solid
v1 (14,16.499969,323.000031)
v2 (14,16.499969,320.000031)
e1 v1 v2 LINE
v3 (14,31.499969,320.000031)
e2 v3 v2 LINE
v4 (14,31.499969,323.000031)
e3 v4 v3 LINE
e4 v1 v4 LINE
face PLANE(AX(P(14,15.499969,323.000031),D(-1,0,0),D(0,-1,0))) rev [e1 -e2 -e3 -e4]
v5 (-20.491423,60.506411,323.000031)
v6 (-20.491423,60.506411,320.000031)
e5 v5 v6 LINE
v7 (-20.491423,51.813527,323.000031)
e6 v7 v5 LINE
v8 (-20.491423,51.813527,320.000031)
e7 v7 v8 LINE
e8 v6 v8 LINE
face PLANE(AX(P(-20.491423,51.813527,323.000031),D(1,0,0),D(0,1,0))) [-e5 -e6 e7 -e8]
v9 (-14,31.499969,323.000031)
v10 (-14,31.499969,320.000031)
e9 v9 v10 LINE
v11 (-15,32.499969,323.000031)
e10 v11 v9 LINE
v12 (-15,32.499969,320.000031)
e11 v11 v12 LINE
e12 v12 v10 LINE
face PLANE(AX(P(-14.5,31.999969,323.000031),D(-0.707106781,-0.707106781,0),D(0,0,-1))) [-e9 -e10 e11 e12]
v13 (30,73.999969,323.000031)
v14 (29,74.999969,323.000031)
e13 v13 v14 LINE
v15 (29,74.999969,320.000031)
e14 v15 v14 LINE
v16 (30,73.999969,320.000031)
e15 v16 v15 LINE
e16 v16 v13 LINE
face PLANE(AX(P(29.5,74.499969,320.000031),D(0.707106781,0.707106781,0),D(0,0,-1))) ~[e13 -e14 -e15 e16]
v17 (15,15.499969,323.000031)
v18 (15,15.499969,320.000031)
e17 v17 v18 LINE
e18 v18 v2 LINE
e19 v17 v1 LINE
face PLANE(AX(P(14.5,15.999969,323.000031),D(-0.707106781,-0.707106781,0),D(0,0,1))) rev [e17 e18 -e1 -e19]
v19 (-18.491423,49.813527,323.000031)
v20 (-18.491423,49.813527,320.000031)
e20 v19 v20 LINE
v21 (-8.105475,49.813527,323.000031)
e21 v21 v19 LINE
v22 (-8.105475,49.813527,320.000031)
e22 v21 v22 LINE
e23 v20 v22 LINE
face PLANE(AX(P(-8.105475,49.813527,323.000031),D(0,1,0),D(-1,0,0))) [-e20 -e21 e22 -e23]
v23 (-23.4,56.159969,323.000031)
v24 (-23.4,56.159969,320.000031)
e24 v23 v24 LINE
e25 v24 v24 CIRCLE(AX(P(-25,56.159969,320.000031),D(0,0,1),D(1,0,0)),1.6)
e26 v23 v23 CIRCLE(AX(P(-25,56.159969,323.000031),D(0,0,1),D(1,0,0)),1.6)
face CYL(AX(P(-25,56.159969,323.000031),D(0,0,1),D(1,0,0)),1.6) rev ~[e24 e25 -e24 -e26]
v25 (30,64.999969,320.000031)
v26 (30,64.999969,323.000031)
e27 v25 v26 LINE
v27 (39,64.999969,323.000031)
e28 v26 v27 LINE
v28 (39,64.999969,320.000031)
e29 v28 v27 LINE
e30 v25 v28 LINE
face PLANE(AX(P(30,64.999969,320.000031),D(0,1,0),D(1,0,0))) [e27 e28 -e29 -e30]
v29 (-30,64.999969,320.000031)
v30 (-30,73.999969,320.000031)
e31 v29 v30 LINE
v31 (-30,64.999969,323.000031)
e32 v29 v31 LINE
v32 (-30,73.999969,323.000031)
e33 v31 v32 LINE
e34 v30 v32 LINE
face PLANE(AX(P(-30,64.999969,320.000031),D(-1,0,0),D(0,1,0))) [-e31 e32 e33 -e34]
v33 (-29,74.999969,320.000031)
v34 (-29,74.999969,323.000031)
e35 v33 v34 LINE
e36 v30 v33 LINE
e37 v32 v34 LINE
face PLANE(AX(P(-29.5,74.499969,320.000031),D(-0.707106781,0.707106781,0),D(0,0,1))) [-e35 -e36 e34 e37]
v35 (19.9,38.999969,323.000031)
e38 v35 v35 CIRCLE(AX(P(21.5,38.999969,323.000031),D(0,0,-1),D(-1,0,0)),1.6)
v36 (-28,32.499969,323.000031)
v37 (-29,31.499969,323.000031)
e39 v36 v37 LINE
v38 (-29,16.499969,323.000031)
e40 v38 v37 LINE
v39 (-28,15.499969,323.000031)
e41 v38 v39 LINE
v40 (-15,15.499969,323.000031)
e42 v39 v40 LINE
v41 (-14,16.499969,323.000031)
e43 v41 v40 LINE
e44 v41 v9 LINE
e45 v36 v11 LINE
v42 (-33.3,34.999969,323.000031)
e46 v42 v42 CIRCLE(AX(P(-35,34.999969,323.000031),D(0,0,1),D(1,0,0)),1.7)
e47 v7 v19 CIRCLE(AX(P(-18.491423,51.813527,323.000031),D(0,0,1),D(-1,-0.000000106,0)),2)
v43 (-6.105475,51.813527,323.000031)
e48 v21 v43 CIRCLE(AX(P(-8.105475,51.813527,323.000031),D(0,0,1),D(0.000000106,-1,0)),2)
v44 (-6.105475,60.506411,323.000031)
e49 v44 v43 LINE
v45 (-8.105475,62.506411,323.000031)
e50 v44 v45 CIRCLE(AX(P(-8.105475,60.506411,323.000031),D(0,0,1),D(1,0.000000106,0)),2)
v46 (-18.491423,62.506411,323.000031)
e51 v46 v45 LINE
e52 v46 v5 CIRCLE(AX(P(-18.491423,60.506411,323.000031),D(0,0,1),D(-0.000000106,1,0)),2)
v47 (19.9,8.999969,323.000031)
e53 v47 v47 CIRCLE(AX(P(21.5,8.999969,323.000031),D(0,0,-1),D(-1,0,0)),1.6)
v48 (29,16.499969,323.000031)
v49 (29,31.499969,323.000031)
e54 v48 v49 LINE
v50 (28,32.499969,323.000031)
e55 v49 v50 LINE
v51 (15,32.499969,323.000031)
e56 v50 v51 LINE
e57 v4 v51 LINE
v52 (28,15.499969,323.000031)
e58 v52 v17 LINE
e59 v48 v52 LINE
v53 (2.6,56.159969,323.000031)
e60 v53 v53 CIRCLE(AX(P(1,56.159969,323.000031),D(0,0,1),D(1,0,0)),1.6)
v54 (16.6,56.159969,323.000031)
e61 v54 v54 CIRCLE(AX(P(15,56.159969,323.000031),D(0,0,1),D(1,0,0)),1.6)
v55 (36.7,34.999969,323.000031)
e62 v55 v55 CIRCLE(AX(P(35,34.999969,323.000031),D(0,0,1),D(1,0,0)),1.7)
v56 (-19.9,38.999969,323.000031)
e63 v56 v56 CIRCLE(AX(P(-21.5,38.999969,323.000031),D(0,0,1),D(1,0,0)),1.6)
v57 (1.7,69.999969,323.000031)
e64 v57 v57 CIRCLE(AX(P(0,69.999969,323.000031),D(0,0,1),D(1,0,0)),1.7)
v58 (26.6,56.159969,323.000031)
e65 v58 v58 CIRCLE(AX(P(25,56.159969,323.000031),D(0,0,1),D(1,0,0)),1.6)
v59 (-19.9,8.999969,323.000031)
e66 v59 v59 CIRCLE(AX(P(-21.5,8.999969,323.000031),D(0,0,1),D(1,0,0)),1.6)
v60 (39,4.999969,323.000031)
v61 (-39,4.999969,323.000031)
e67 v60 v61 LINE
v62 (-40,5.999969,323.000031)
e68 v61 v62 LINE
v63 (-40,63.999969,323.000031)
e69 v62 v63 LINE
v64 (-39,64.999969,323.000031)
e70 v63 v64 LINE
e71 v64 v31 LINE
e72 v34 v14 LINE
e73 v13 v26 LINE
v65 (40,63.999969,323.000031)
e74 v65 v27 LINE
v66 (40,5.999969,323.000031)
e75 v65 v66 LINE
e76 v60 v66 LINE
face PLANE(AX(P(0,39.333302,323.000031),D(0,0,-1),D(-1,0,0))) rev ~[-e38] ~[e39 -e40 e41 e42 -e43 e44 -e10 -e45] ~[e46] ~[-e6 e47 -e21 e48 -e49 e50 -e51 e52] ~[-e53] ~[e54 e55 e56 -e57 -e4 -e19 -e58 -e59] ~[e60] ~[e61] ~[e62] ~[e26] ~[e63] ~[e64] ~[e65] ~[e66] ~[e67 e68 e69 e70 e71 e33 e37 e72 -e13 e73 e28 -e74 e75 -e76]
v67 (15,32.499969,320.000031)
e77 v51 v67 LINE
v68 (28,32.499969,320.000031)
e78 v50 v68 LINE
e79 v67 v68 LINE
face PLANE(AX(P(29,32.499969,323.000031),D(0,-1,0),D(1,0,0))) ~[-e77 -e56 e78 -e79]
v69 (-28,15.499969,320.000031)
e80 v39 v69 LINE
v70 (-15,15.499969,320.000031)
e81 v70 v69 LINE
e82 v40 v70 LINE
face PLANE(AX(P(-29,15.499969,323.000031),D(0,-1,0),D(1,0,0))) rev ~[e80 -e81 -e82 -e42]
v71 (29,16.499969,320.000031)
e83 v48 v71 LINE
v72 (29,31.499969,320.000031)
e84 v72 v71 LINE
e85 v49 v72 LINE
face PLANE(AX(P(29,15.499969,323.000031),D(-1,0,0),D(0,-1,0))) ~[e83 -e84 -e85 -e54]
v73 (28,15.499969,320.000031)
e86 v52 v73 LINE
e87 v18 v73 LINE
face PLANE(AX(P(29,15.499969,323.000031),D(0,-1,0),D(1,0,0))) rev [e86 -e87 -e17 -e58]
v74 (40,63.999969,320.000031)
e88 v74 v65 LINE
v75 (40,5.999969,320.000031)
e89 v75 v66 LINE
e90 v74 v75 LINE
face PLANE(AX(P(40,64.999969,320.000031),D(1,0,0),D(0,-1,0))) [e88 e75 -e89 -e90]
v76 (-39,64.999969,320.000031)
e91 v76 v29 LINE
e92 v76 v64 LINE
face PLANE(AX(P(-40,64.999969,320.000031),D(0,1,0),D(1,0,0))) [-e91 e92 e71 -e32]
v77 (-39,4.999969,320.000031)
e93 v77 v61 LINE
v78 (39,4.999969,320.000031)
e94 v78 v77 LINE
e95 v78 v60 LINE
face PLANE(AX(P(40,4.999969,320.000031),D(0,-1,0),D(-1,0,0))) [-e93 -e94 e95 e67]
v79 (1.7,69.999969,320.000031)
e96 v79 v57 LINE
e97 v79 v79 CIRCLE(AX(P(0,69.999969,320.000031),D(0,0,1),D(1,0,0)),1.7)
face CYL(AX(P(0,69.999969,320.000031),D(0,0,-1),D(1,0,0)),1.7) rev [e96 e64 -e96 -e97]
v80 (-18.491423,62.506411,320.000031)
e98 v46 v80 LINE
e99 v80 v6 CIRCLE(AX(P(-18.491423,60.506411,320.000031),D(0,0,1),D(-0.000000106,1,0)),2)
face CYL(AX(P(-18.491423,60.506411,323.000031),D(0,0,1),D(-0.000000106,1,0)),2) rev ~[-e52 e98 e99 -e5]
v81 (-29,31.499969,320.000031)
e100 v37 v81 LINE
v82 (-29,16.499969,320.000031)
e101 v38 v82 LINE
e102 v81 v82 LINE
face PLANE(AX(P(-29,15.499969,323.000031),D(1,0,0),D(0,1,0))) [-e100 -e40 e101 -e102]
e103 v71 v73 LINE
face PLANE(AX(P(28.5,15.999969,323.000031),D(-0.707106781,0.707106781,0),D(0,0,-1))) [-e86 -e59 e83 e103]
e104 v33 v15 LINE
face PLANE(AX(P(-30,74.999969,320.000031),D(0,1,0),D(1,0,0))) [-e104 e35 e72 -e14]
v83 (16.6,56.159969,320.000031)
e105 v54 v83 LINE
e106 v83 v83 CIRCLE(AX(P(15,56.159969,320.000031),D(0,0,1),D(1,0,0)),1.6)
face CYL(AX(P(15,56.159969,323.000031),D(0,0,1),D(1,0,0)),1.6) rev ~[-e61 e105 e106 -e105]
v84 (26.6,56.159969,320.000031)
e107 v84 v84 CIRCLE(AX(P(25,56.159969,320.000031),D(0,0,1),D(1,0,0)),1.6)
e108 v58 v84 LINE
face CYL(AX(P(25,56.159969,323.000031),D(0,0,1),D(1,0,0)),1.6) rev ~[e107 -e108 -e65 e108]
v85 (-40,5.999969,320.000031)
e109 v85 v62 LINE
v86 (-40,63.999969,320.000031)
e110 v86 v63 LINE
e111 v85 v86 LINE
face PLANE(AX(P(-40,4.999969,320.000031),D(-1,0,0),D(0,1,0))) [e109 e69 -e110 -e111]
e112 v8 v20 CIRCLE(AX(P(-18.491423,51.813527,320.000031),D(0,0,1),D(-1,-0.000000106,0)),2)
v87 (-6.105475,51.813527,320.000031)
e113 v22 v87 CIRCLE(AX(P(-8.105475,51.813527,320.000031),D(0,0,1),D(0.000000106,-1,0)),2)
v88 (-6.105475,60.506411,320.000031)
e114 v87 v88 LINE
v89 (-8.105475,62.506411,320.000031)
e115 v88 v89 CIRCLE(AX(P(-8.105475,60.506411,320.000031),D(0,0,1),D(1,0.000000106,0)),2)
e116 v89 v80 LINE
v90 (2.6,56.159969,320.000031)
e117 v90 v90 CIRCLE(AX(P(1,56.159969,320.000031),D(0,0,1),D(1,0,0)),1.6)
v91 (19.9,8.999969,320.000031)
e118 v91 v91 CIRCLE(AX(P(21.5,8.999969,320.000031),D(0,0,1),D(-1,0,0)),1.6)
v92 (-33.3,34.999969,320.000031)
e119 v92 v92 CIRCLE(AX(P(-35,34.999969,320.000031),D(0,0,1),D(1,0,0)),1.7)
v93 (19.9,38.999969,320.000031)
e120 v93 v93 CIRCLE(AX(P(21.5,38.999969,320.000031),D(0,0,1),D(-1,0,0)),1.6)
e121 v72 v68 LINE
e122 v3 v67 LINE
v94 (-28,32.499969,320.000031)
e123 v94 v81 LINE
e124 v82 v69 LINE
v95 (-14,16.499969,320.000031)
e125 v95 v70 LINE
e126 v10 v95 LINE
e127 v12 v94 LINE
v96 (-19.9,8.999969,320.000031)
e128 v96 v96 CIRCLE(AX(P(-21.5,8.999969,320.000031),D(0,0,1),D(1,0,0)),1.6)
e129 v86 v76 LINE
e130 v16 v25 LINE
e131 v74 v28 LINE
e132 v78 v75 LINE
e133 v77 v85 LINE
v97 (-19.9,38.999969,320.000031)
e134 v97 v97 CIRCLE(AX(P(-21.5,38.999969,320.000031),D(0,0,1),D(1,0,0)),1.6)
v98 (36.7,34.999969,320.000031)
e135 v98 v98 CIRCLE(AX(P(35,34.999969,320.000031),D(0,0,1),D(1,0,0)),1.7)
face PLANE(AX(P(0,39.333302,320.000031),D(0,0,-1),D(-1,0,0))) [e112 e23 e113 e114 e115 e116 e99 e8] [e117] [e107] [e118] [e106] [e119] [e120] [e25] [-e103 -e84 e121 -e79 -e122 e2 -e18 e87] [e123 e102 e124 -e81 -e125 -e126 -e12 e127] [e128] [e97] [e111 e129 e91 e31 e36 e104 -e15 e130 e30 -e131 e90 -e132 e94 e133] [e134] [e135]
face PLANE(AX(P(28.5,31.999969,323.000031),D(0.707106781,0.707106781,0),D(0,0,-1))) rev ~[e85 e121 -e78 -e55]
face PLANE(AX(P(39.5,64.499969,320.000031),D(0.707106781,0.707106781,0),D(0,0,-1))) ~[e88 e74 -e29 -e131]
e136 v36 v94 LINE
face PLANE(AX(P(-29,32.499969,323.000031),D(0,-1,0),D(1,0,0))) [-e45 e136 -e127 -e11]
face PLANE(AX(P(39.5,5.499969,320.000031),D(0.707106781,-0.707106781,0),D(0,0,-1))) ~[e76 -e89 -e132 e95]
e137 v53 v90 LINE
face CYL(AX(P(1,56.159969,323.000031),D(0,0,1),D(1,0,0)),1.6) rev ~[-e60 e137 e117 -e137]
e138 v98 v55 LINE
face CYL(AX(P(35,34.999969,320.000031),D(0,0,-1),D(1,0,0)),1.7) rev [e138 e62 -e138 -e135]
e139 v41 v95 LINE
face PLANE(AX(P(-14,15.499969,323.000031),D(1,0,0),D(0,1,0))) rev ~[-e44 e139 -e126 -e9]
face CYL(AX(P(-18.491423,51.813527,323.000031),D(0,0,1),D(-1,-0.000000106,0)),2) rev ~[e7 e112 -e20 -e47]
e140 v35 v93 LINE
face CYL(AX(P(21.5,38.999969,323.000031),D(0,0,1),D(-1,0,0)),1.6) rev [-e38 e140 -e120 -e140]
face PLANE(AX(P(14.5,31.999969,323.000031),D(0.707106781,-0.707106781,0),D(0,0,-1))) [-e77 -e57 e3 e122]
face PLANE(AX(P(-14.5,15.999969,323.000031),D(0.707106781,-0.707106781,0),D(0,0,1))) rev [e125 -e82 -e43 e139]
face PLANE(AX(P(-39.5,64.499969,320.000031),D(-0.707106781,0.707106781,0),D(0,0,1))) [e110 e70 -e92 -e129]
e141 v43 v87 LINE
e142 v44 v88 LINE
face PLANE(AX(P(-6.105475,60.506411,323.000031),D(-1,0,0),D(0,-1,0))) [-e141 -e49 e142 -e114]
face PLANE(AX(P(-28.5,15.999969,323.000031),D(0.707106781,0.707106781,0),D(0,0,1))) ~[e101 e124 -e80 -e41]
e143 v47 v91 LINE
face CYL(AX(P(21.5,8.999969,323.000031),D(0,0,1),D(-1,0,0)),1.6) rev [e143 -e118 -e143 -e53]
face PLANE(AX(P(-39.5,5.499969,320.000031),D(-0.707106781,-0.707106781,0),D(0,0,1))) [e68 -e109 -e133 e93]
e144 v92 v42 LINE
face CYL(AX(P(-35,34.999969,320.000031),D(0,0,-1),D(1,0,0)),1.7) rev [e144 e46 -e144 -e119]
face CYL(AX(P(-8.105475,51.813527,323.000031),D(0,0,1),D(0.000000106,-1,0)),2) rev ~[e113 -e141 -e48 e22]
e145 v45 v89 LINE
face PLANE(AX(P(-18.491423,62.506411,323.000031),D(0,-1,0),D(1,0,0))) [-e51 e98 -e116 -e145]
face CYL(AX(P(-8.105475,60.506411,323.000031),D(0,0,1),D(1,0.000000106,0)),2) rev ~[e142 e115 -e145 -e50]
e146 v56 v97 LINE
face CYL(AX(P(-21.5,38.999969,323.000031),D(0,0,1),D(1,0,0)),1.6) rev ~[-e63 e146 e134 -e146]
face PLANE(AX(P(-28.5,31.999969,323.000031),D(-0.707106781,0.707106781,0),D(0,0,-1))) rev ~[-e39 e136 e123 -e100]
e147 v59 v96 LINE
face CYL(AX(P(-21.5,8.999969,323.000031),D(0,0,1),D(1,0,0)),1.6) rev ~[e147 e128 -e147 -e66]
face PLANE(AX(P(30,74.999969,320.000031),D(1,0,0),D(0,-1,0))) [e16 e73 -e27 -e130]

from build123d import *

# Parameters (mm, degrees)
SKETCH152_R     = 1.7
PAD084_DEPTH    = 3
CHAMFER055_SIZE = 1
SKETCH154_R     = 1.6
SKETCH154_W     = 15
SKETCH154_H     = 17
POCKET_DEPTH    = 215.688564
CHAMFER057_SIZE = 1
SKETCH178_R     = 1.6
POCKET024_DEPTH = 3.001


with BuildPart() as part:
    # Sketch152 → Pad084 (new body)
    with BuildSketch(Plane.XY):
        Polygon((40, -30), (-40, -30), (-40, 30), (-30, 30), (-30, 40), (30, 40), (30, 30), (40, 30), align=None)
        with Locations((0, 35)):
            Circle(SKETCH152_R, mode=Mode.SUBTRACT)
        with Locations((-35, 0)):
            Circle(SKETCH152_R, mode=Mode.SUBTRACT)
        with Locations((35, 0)):
            Circle(SKETCH152_R, mode=Mode.SUBTRACT)
    extrude(amount=PAD084_DEPTH)

    # Chamfer055
    chamfer055_edges = [part.edges().sort_by_distance(p)[0] for p in [
        (40, 30, 1.5),
        (30, 40, 1.5),
        (-30, 40, 1.5),
        (-40, 30, 1.5),
        (-40, -30, 1.5),
        (40, -30, 1.5),
    ]]
    chamfer(chamfer055_edges, length=CHAMFER055_SIZE)


with BuildPart() as part_1:
    # Body072 placement: moved
    add(part.part.moved(Location((0, 34.999969, 320.000031))))

    # Sketch154 (on Face5 of Clone) → Pocket (cut, through all)
    with BuildSketch(Plane(origin=(0, 34.999969, 323.000031), x_dir=(1, 0, 0), z_dir=(0, 0, 1))):
        with Locations((-21.5, -26)):
            Circle(SKETCH154_R)
        with Locations((-21.5, 4)):
            Circle(SKETCH154_R)
        with Locations((-21.5, -11)):
            Rectangle(SKETCH154_W, SKETCH154_H)
    pocket = extrude(amount=-POCKET_DEPTH, mode=Mode.SUBTRACT)

    # Mirrored: Pocket across Sketch154 V_Axis
    add(pocket.mirror(Plane(origin=(0, 34.999969, 323.000031), x_dir=(0, 0, 1), z_dir=(1, 0, 0))), mode=Mode.SUBTRACT)

    # Chamfer057
    chamfer057_edges = [part_1.edges().sort_by_distance(p)[0] for p in [
        (29, 15.499969, 321.500031),
        (29, 32.499969, 321.500031),
        (14, 32.499969, 321.500031),
        (14, 15.499969, 321.500031),
        (-14, 15.499969, 321.500031),
        (-29, 15.499969, 321.500031),
        (-29, 32.499969, 321.500031),
        (-14, 32.499969, 321.500031),
    ]]
    chamfer(chamfer057_edges, length=CHAMFER057_SIZE)

    # Sketch178 (on Face39 of Chamfer057) → Pocket024 (cut, through all)
    with BuildSketch(Plane(origin=(0, 34.999969, 323.000031), x_dir=(1, 0, 0), z_dir=(0, 0, 1))):
        with Locations((-25, 21.16)):
            Circle(SKETCH178_R)
        with Locations((25, 21.16)):
            Circle(SKETCH178_R)
        with Locations((15, 21.16)):
            Circle(SKETCH178_R)
        with Locations((1, 21.16)):
            Circle(SKETCH178_R)
        with BuildLine():
            ThreePointArc((-18.491423, 27.506442), (-19.905637, 26.920655), (-20.491423, 25.506442))
            Line((-20.491423, 16.813558), (-20.491423, 25.506442))
            ThreePointArc((-20.491423, 16.813558), (-19.905637, 15.399345), (-18.491423, 14.813558))
            Line((-8.105475, 14.813558), (-18.491423, 14.813558))
            ThreePointArc((-8.105475, 14.813558), (-6.691261, 15.399345), (-6.105475, 16.813558))
            Line((-6.105475, 25.506442), (-6.105475, 16.813558))
            ThreePointArc((-6.105475, 25.506442), (-6.691261, 26.920655), (-8.105475, 27.506442))
            Line((-18.491423, 27.506442), (-8.105475, 27.506442))
        make_face()
    extrude(amount=-POCKET024_DEPTH, mode=Mode.SUBTRACT)


solid = part_1.part
